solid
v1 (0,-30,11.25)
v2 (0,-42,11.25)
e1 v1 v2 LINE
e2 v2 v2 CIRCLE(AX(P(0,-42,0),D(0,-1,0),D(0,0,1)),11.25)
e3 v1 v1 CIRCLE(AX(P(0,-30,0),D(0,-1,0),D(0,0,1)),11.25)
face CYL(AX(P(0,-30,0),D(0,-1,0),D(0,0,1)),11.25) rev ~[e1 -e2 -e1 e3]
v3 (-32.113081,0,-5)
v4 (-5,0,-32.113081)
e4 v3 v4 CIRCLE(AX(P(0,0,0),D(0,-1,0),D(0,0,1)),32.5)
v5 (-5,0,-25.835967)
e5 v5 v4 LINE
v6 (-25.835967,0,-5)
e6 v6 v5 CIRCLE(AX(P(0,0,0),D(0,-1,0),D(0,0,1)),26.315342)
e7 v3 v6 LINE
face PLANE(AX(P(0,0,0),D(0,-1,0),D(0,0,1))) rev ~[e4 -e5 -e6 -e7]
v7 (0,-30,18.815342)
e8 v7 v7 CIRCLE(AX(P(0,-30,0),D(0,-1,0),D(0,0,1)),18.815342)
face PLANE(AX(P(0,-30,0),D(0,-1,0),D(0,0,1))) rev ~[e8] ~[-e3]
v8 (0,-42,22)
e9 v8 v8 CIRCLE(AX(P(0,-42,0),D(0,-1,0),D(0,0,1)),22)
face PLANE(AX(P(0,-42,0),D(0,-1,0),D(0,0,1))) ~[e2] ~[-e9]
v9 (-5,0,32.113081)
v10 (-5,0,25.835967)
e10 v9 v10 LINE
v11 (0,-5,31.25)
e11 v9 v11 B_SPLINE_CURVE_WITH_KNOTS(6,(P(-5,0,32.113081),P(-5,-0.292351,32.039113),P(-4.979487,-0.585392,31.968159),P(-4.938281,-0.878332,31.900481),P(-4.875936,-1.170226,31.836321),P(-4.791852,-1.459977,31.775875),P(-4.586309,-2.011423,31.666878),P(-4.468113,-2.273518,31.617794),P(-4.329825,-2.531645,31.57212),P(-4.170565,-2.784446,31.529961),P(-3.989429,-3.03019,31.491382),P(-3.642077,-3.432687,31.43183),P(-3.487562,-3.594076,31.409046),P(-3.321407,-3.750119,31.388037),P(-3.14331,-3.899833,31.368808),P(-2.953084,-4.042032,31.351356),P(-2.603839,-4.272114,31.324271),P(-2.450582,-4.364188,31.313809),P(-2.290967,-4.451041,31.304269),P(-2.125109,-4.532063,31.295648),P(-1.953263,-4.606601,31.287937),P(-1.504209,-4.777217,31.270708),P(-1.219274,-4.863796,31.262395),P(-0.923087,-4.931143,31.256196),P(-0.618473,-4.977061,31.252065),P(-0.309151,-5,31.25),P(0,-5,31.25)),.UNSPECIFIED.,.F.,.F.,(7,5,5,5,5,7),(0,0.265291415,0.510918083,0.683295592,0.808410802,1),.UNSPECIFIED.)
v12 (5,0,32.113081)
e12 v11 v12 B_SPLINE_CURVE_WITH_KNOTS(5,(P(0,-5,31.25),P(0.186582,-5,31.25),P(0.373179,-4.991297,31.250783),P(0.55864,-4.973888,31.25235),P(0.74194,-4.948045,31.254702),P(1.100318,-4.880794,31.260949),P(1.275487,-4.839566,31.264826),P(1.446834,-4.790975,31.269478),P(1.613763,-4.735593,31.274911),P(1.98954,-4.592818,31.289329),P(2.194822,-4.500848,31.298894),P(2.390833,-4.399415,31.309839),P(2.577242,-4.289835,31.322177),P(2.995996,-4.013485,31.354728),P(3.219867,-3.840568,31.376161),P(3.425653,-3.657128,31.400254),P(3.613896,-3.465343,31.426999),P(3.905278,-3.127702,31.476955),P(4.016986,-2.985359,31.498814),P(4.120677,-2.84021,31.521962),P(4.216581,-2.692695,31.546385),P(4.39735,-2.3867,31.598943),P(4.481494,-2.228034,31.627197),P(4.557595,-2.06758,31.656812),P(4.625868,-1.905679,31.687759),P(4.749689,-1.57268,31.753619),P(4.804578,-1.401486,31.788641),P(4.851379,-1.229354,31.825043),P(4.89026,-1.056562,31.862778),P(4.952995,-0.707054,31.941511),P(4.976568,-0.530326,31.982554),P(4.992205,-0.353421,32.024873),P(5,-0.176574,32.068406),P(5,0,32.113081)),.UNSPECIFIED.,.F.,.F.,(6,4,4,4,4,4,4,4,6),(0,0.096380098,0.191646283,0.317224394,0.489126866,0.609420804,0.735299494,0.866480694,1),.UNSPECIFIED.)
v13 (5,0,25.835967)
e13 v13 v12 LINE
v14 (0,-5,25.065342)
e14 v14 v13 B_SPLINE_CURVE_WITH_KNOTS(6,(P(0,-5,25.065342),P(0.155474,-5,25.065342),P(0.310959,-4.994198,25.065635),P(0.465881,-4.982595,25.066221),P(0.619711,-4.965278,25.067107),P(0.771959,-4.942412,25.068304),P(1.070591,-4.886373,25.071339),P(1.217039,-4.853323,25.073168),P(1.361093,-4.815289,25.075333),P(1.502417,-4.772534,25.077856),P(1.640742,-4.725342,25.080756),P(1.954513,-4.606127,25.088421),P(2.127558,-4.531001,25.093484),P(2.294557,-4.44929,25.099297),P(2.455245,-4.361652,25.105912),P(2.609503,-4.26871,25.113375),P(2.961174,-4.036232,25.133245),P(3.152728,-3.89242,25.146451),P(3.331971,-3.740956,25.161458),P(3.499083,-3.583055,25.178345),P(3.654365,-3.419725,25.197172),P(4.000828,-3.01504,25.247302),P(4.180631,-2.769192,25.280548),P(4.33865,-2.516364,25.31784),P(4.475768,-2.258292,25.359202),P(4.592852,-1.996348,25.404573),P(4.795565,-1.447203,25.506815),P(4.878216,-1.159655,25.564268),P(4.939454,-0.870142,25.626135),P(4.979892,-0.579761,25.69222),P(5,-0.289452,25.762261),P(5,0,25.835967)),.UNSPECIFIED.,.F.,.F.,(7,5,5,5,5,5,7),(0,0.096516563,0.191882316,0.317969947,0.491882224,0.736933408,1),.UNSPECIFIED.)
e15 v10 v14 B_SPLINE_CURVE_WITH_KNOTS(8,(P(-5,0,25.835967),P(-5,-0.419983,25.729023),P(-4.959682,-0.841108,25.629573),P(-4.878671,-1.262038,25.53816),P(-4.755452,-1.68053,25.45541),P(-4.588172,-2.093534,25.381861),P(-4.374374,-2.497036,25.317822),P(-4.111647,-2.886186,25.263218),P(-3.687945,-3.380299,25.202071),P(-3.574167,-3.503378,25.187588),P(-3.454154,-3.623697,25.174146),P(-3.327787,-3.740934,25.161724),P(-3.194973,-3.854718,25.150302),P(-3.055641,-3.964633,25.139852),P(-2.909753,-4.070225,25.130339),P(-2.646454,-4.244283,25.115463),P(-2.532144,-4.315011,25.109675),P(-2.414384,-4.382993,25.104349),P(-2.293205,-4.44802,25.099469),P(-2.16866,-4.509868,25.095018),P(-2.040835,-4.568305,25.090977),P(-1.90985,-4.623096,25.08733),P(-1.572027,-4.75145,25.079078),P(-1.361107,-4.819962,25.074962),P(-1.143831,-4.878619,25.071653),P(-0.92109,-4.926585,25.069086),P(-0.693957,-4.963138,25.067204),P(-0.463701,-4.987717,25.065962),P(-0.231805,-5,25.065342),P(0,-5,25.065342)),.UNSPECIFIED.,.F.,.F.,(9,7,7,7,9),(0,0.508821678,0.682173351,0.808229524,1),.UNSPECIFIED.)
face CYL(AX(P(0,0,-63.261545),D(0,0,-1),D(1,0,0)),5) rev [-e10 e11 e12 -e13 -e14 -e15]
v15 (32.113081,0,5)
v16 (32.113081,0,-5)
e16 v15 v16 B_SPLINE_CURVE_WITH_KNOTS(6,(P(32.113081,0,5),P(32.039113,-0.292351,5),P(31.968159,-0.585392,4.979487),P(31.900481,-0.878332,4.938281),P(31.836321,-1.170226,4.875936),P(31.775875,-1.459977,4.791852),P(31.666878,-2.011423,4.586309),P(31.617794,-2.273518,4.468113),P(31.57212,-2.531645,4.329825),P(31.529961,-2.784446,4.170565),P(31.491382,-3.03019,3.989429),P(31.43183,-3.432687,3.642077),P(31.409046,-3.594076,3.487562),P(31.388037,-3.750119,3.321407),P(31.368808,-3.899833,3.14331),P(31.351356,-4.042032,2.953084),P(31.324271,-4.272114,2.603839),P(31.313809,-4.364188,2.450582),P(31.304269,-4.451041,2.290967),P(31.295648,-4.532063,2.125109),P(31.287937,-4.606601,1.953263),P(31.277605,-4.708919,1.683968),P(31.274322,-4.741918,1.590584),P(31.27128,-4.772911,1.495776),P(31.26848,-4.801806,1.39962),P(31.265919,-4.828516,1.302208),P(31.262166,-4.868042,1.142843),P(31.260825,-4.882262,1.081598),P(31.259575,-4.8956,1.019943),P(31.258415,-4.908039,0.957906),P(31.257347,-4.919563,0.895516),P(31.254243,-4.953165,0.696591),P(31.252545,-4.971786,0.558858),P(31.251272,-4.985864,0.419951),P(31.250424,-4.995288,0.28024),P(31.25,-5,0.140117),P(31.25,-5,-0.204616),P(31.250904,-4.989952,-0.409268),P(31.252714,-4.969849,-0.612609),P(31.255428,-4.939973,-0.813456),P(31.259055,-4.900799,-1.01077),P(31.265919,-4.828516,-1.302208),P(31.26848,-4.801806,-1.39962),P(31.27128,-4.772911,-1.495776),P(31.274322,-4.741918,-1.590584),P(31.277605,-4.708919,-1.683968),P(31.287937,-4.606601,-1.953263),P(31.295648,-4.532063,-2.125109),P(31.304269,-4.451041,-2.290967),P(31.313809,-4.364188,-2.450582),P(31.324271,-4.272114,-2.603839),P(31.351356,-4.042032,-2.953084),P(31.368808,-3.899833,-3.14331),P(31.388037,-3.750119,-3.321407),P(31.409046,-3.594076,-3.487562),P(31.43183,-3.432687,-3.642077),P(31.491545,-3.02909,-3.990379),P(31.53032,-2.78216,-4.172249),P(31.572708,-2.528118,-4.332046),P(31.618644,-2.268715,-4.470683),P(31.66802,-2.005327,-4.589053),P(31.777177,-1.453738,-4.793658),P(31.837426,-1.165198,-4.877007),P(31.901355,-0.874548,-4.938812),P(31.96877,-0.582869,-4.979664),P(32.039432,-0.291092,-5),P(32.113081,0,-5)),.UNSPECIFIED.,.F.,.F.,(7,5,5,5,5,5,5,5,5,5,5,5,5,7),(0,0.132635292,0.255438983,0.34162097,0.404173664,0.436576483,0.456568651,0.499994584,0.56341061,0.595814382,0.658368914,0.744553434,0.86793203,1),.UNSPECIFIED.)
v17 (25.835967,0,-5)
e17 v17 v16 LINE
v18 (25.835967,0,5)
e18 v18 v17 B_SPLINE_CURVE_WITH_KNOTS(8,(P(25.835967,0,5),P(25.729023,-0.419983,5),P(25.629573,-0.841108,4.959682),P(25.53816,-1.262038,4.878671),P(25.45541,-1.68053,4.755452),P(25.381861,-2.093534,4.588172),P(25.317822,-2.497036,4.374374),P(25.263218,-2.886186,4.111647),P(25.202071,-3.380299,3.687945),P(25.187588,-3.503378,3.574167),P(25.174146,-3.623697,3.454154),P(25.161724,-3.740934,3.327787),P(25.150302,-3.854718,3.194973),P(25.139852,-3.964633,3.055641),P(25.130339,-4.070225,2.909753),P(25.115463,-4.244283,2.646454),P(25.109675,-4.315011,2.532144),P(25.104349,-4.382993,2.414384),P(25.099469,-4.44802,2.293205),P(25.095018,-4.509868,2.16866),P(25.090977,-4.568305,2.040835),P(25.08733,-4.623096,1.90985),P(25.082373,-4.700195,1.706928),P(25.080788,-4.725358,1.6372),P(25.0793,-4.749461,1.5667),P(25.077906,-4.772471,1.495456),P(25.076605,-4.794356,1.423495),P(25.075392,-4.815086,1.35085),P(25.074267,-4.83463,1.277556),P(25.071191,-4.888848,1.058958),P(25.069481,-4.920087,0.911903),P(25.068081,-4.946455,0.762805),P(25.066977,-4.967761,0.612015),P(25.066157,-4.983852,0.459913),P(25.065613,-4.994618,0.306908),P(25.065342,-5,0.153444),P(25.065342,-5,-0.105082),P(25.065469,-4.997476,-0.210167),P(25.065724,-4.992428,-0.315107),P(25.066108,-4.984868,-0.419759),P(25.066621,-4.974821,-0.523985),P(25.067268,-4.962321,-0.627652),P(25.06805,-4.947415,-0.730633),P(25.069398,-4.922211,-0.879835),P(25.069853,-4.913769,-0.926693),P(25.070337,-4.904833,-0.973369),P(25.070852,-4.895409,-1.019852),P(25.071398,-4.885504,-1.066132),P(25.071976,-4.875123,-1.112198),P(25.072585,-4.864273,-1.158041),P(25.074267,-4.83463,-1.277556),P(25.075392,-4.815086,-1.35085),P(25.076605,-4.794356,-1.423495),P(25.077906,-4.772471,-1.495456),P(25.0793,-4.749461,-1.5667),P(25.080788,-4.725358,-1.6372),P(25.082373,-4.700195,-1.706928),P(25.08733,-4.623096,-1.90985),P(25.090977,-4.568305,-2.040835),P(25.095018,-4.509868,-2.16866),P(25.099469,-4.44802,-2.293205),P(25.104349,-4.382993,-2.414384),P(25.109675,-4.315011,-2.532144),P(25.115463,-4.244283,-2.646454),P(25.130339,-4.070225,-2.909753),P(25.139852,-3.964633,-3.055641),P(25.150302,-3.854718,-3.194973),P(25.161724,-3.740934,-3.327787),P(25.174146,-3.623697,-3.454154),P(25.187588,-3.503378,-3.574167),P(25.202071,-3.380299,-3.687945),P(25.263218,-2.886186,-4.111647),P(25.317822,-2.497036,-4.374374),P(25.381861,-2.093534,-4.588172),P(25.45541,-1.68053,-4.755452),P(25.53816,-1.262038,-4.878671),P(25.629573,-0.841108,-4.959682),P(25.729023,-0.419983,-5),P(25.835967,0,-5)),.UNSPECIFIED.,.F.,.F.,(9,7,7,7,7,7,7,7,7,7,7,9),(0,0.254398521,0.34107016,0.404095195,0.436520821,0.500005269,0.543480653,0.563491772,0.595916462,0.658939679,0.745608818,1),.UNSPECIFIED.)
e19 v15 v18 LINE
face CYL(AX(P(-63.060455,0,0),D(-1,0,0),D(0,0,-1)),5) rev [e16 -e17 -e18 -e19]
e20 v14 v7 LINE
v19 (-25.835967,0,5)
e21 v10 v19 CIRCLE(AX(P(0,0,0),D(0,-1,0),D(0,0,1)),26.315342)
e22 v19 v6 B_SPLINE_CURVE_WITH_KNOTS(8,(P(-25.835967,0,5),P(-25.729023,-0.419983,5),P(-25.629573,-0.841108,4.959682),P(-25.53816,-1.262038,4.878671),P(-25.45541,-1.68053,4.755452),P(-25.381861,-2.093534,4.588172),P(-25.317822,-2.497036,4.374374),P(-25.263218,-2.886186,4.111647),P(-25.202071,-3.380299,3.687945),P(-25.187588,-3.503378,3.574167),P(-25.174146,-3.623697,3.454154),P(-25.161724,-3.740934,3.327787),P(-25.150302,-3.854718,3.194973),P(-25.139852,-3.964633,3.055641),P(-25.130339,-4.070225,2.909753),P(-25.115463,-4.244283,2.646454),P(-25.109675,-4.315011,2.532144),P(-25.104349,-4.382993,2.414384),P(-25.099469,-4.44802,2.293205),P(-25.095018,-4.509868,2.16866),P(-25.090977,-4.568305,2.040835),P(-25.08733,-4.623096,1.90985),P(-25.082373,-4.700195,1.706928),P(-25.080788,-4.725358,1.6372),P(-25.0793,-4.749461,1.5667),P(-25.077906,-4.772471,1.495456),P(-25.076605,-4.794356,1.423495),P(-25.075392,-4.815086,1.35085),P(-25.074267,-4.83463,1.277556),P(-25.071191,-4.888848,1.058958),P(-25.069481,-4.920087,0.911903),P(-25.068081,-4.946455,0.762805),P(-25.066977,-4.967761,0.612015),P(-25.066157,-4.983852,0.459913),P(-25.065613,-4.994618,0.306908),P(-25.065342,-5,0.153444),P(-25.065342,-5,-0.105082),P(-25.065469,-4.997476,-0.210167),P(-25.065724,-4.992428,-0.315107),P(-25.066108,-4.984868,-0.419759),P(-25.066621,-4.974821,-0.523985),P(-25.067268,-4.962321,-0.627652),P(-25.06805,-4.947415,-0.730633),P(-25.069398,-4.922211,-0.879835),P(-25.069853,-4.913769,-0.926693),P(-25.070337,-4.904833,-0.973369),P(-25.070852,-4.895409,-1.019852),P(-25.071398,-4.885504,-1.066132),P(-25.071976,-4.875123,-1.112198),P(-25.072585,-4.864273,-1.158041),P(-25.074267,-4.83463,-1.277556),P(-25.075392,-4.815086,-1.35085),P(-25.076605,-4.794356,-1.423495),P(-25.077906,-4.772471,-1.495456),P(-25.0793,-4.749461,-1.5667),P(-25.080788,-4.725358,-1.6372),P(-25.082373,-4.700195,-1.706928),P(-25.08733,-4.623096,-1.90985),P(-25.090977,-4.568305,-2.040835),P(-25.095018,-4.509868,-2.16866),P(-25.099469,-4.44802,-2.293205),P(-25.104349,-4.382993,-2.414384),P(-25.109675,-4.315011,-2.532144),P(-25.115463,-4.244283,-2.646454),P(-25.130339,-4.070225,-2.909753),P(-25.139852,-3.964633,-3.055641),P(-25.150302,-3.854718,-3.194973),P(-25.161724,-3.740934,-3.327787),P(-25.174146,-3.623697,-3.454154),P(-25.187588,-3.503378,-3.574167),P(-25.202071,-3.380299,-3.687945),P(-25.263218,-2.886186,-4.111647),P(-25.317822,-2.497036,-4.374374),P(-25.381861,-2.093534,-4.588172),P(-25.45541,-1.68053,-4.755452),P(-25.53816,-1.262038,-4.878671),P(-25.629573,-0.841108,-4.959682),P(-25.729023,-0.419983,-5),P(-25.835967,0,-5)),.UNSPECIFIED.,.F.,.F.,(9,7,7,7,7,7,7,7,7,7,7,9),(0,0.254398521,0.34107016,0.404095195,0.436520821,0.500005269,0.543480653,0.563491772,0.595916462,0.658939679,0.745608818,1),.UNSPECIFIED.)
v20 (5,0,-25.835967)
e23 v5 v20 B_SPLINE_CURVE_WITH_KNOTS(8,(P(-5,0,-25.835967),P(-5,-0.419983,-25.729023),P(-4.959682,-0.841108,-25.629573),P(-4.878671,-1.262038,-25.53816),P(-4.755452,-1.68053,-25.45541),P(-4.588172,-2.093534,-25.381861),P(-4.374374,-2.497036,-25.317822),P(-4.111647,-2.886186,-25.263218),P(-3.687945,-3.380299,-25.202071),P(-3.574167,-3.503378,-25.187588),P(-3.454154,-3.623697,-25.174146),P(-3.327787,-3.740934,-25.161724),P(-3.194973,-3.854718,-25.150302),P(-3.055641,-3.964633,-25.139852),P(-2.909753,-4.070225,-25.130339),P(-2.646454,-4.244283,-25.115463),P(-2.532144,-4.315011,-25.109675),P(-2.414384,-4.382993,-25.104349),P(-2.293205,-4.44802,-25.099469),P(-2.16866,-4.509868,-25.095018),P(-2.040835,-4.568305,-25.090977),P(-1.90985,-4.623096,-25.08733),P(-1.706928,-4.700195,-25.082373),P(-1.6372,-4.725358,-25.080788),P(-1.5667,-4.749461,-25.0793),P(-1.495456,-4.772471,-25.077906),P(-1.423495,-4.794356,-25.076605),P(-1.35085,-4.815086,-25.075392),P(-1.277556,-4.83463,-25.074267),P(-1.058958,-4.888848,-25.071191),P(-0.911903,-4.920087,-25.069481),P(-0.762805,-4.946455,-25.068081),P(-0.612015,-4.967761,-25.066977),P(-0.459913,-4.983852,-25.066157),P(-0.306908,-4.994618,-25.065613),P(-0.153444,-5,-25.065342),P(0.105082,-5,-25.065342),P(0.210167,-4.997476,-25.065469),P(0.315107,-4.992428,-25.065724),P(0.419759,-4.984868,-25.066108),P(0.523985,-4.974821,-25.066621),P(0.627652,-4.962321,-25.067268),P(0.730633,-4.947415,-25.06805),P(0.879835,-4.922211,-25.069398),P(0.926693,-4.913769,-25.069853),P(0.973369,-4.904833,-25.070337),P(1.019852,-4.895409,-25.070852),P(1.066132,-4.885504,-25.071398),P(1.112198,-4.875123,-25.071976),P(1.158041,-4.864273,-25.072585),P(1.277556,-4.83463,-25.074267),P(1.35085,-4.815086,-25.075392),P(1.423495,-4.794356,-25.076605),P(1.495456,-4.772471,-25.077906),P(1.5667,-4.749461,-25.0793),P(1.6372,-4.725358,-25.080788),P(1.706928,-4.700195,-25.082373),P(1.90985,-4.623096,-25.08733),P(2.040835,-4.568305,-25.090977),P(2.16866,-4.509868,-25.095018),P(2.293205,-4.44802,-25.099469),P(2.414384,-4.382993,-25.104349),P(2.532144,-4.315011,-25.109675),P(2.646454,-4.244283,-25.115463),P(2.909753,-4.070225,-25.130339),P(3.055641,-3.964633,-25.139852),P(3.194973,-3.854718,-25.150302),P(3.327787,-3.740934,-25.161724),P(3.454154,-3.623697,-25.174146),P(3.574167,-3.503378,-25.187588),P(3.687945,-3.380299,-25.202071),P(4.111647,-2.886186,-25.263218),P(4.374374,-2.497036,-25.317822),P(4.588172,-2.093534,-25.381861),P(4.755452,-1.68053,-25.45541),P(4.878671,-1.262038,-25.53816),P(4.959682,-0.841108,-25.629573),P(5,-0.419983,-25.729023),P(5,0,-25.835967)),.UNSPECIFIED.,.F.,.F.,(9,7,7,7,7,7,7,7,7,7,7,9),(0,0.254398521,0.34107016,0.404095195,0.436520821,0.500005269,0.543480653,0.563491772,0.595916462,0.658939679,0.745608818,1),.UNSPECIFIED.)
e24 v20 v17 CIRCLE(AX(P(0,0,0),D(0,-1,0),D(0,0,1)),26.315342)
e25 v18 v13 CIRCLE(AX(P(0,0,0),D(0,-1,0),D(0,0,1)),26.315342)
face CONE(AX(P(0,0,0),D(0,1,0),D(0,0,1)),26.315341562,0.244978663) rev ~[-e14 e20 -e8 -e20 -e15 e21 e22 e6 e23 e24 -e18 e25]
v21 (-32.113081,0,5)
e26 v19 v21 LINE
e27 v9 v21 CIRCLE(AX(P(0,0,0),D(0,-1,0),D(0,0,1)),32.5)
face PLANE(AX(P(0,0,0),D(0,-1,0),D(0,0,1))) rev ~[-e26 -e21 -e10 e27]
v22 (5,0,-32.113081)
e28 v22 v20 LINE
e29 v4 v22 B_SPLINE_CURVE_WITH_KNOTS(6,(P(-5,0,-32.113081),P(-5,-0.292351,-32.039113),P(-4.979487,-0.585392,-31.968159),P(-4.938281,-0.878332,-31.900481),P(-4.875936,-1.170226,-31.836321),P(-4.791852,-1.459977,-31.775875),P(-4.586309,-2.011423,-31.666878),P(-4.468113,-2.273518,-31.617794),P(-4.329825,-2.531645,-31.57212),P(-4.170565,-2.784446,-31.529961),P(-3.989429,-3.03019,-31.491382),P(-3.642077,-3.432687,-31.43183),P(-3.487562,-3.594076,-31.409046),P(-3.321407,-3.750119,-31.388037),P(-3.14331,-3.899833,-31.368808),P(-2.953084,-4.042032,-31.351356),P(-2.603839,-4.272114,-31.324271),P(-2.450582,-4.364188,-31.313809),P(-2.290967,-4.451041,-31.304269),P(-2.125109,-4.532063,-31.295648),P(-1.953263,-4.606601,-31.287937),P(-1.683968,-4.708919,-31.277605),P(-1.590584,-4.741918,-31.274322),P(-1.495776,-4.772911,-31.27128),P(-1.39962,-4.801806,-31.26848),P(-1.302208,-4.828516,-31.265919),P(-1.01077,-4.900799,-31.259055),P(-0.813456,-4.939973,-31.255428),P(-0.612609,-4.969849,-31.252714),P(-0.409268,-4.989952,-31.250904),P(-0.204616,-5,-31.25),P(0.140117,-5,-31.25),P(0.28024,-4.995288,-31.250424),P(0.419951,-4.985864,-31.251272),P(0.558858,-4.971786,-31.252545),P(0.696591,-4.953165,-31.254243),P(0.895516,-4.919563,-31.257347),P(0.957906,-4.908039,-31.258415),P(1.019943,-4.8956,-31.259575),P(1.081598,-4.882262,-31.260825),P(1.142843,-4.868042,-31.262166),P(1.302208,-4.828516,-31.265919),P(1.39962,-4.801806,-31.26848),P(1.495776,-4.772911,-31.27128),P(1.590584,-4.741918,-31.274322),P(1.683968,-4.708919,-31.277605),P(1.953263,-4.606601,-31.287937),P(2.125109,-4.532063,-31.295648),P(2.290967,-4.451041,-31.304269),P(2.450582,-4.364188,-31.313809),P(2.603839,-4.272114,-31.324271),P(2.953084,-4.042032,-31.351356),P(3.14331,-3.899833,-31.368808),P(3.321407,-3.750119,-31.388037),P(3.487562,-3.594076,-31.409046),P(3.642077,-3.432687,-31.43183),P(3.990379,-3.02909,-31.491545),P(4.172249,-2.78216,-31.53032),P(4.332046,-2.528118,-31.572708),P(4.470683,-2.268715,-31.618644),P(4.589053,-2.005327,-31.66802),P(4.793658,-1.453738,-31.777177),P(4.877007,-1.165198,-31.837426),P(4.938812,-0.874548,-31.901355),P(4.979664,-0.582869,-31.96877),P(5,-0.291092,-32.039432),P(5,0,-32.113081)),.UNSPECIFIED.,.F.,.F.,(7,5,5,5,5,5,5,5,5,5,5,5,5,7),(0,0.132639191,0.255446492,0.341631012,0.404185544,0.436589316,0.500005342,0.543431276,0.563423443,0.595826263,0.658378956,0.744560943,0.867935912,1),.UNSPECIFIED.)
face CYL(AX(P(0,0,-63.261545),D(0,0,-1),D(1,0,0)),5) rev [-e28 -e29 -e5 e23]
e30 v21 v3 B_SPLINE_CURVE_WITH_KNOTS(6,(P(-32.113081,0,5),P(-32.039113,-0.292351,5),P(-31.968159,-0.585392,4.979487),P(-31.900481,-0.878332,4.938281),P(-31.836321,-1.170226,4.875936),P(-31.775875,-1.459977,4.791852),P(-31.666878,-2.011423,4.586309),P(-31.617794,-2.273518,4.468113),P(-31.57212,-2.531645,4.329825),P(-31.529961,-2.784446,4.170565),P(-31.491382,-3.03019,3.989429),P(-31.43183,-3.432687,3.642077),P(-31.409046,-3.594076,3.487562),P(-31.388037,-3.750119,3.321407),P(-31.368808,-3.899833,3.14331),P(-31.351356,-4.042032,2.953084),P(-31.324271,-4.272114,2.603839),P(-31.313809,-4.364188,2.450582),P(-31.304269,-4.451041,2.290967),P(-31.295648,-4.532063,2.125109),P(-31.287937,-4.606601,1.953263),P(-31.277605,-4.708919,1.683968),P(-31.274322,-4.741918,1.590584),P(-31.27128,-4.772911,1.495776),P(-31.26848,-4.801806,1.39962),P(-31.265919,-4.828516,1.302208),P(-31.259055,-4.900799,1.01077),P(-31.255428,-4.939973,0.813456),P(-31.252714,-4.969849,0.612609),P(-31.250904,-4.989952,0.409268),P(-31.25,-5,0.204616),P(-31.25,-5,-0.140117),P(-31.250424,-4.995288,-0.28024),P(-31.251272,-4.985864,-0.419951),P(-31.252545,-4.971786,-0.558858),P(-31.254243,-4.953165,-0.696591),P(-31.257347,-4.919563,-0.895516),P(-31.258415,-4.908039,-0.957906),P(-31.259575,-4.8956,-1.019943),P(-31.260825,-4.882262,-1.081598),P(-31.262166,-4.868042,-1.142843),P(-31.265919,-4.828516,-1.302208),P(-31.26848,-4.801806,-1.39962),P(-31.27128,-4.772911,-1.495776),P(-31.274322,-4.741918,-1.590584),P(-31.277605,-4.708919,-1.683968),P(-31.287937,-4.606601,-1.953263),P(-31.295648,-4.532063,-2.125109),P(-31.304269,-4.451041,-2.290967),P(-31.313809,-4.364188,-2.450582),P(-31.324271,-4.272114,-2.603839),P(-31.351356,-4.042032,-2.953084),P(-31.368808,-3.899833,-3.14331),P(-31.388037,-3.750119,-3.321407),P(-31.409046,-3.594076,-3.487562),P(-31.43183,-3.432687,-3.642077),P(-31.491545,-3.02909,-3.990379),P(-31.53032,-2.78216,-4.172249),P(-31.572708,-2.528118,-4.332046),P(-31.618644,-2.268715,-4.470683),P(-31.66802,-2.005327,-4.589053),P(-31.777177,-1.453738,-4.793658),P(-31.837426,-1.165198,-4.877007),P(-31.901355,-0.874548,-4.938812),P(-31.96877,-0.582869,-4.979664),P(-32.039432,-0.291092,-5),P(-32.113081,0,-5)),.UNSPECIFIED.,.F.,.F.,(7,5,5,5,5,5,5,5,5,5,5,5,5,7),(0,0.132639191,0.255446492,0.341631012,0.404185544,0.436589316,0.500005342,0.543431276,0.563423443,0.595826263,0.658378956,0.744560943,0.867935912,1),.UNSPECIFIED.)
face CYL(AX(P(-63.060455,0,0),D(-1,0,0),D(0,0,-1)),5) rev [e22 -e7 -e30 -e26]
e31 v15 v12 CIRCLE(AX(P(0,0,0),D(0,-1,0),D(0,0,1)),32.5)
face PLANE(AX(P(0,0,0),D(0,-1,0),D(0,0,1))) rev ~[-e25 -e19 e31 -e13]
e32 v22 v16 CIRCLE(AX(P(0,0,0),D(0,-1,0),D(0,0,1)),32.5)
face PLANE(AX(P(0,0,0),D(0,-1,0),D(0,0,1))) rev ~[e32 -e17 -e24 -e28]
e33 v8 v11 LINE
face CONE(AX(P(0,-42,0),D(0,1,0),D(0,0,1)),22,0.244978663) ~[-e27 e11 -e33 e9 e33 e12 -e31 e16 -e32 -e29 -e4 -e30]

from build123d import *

# Parameters (mm, degrees)
CUT_EXTRUDE2_DEPTH      = 63.261545114
CUT_EXTRUDE2_DEPTH_BACK = 63.261545114
SKETCH5_R               = 5
CUT_EXTRUDE3_DEPTH      = 63.060454569
CUT_EXTRUDE3_DEPTH_BACK = 63.060454569
SKETCH6_R               = 5


with BuildPart() as part:
    # Sketch2 → Revolve1 (revolve)
    with BuildSketch(Plane.XY, mode=Mode.PRIVATE) as revolve1_sk:
        Polygon((22, -42), (32.5, 0), (26.315341562, 0), (18.815341562, -30), (11.25, -30), (11.25, -42), align=None)
    revolve(revolve1_sk.sketch.rotate(Axis((0, 41.438546828, 0), (0, -1, 0)), 90), axis=Axis((0, 41.438546828, 0), (0, -1, 0)))

    # Sketch5 → Cut-Extrude2 (cut, two sides: drawn at the far end of the back side and taken through both)
    with BuildSketch(Plane.XY.offset(-CUT_EXTRUDE2_DEPTH_BACK)):
        Circle(SKETCH5_R)
    extrude(amount=CUT_EXTRUDE2_DEPTH + CUT_EXTRUDE2_DEPTH_BACK, mode=Mode.SUBTRACT)

    # Sketch6 → Cut-Extrude3 (cut, two sides: drawn at the far end of the back side and taken through both)
    with BuildSketch(Plane(origin=(0, 0, 0), x_dir=(0, 0, -1), z_dir=(1, 0, 0)).offset(-CUT_EXTRUDE3_DEPTH_BACK)):
        Circle(SKETCH6_R)
    extrude(amount=CUT_EXTRUDE3_DEPTH + CUT_EXTRUDE3_DEPTH_BACK, mode=Mode.SUBTRACT)


solid = part.part
